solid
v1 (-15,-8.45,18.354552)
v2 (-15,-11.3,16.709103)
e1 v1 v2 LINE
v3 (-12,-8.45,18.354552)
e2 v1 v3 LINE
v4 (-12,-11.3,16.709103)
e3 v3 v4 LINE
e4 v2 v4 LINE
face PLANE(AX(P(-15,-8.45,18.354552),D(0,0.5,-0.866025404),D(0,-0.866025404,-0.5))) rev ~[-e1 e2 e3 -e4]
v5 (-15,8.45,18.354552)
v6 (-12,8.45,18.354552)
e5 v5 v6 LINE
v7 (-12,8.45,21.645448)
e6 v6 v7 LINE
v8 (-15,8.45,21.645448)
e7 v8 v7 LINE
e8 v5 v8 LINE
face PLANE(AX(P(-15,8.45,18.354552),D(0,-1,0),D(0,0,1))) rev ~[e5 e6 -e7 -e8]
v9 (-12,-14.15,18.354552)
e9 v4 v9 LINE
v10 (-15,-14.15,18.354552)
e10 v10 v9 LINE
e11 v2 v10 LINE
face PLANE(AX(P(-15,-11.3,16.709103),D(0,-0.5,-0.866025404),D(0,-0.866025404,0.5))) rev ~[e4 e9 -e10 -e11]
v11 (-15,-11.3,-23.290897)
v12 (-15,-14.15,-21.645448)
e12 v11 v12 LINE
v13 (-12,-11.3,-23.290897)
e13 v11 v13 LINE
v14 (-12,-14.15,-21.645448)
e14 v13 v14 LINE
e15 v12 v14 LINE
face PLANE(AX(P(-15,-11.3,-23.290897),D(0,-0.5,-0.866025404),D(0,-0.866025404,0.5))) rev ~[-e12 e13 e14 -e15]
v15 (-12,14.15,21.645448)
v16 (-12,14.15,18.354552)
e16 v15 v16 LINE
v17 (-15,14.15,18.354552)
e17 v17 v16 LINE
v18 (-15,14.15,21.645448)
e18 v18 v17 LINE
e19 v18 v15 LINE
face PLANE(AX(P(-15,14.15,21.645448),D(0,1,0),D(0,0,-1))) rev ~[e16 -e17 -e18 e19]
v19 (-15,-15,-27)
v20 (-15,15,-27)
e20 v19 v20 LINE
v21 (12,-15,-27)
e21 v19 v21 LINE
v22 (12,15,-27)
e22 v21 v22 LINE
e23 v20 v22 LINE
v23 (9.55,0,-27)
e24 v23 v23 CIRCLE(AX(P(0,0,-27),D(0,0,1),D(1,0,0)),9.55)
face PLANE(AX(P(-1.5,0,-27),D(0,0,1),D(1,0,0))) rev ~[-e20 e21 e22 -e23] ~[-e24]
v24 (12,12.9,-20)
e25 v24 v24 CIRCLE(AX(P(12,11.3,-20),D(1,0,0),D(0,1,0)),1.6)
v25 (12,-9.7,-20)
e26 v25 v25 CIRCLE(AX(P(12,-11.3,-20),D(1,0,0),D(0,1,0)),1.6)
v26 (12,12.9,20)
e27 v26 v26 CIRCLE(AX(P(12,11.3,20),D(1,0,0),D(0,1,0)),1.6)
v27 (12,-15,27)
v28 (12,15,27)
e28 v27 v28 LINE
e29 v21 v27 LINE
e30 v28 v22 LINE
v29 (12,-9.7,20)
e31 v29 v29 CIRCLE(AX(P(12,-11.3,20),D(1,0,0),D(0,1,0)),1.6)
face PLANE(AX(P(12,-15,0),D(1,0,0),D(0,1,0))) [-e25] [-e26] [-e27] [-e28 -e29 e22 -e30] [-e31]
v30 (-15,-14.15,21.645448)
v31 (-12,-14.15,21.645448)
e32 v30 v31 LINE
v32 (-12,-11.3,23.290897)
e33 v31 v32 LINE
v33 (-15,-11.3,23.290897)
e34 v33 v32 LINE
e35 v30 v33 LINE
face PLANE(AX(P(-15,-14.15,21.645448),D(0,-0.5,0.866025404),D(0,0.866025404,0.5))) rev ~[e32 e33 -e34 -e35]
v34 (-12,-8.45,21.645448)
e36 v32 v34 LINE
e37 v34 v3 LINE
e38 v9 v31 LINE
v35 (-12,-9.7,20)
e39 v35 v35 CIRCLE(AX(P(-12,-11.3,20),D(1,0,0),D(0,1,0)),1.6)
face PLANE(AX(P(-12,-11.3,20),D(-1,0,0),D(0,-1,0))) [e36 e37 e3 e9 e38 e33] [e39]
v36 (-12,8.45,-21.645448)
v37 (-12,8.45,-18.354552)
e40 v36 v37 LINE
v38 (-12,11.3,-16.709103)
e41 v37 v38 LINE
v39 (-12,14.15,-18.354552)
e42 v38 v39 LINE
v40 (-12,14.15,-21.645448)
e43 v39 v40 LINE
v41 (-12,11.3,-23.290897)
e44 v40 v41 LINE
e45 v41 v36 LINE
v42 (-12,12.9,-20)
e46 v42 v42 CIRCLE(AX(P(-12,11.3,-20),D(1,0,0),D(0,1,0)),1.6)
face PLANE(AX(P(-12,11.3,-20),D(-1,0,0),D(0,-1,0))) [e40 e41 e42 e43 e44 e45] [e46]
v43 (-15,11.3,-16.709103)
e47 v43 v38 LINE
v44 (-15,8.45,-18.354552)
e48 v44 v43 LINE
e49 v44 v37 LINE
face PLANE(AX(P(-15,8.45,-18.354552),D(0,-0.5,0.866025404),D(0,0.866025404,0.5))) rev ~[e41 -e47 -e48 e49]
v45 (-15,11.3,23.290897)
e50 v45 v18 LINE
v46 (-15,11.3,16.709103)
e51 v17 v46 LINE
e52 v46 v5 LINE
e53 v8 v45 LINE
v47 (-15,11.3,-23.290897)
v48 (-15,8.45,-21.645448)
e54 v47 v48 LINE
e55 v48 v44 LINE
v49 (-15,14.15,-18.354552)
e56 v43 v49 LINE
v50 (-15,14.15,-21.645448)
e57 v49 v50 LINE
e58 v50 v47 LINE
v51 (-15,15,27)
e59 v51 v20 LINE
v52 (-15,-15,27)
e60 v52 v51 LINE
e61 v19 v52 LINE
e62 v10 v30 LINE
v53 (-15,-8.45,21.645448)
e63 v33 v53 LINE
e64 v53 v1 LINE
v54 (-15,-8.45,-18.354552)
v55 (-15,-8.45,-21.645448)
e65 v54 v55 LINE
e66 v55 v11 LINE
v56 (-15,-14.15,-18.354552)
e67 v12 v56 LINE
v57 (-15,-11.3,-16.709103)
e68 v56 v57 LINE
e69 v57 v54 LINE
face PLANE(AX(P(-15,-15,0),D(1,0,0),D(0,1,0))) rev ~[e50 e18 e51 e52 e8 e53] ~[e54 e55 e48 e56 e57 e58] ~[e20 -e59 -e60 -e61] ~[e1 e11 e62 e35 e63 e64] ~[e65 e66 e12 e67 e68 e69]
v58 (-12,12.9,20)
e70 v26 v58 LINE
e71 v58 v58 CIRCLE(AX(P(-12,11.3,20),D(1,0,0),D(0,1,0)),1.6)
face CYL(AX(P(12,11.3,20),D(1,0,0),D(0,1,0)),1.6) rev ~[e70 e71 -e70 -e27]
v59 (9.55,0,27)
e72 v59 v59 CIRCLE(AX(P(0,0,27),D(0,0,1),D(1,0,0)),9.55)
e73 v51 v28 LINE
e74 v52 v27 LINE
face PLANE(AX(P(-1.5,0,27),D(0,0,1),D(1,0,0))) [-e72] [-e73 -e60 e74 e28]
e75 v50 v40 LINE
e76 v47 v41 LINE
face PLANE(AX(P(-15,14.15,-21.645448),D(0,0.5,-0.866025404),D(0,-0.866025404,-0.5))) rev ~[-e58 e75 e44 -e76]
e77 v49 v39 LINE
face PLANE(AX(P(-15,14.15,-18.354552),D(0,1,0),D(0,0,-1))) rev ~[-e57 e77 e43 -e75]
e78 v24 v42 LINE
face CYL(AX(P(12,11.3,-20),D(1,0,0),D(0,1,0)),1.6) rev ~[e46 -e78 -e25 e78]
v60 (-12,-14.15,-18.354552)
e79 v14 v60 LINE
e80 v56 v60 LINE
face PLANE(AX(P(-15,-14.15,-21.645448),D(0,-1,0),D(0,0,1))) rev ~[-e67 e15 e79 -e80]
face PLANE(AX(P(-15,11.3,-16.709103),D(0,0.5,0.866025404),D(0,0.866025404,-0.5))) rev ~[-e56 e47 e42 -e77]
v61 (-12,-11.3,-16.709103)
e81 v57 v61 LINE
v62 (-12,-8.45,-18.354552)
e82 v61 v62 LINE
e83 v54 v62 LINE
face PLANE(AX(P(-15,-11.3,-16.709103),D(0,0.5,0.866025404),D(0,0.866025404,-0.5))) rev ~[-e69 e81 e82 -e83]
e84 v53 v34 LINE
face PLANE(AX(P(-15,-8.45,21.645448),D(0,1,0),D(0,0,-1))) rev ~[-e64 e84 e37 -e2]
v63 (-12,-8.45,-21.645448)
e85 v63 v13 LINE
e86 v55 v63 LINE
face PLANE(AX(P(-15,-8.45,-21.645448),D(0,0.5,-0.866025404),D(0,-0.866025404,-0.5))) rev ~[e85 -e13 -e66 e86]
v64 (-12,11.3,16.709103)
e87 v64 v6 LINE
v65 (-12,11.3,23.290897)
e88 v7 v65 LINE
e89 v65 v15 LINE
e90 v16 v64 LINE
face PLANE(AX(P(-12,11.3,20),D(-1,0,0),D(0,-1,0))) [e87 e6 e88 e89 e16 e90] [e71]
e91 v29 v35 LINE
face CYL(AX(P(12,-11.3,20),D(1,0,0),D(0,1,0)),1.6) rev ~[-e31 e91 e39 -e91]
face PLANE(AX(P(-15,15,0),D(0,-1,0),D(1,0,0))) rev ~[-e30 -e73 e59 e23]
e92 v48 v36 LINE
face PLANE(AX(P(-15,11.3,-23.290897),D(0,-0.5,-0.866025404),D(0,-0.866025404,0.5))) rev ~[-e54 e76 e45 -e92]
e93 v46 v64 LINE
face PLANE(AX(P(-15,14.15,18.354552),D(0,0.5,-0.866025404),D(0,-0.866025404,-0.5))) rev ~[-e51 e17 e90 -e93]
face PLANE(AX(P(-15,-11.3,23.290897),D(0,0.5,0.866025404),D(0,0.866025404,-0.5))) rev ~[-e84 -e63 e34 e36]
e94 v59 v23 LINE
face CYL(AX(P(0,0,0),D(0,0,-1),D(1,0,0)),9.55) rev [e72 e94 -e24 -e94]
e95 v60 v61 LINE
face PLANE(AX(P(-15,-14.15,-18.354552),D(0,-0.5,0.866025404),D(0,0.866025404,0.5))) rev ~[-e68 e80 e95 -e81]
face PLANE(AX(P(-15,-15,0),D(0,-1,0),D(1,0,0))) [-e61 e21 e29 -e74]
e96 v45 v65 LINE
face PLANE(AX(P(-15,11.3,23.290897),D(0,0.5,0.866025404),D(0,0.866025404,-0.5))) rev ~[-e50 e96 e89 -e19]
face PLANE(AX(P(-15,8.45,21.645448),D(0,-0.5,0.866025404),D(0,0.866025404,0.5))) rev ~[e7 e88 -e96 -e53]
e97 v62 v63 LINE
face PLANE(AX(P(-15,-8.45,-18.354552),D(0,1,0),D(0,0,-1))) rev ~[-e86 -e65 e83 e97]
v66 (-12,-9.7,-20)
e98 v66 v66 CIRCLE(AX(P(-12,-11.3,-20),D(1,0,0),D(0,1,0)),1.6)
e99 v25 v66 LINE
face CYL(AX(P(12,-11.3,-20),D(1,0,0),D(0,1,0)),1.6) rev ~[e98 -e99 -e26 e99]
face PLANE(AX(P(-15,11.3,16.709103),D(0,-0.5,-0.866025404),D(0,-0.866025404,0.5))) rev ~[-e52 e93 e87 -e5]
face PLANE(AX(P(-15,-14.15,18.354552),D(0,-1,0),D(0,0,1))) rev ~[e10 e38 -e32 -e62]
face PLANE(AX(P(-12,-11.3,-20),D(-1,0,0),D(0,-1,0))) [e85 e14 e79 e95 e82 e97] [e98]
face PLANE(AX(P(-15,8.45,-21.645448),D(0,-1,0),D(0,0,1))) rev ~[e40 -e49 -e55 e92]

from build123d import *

# Parameters (mm, degrees)
F0_W     = 27
F0_H     = 30
F0_R     = 9.55
F1_DEPTH = 27
F2_R     = 1.6
F3_DEPTH = 27.001
F5_DEPTH = 3


with BuildPart() as f1:
    # F0 (on Top) → F1 (new body, symmetric)
    with BuildSketch(Plane.XY):
        with Locations((-1.5, 0)):
            Rectangle(F0_W, F0_H)
        Circle(F0_R, mode=Mode.SUBTRACT)
    extrude(amount=F1_DEPTH, both=True)

    # F2 (on face) → F3 (cut, through all)
    with BuildSketch(Plane.YZ.offset(12)):
        with Locations((11.3, 20)):
            Circle(F2_R)
        with Locations((11.3, -20)):
            Circle(F2_R)
        with Locations((-11.3, 20)):
            Circle(F2_R)
        with Locations((-11.3, -20)):
            Circle(F2_R)
    extrude(amount=-F3_DEPTH, mode=Mode.SUBTRACT)

    # F4 (on face) → F5 (cut)
    with BuildSketch(Plane(origin=(-15, 0, 0), x_dir=(0, -1, 0), z_dir=(-1, 0, 0))):
        Polygon((-11.3, -16.7091034656), (-14.15, -18.3545517328), (-14.15, -21.6454482672), (-11.3, -23.2908965344), (-8.45, -21.6454482672), (-8.45, -18.3545517328), align=None)
        Polygon((-11.3, 16.7091034656), (-8.45, 18.3545517328), (-8.45, 21.6454482672), (-11.3, 23.2908965344), (-14.15, 21.6454482672), (-14.15, 18.3545517328), align=None)
        Polygon((11.3, -16.7091034656), (8.45, -18.3545517328), (8.45, -21.6454482672), (11.3, -23.2908965344), (14.15, -21.6454482672), (14.15, -18.3545517328), align=None)
        Polygon((8.45, 18.3545517328), (11.3, 16.7091034656), (14.15, 18.3545517328), (14.15, 21.6454482672), (11.3, 23.2908965344), (8.45, 21.6454482672), align=None)
    extrude(amount=-F5_DEPTH, mode=Mode.SUBTRACT)


solid = f1.part
